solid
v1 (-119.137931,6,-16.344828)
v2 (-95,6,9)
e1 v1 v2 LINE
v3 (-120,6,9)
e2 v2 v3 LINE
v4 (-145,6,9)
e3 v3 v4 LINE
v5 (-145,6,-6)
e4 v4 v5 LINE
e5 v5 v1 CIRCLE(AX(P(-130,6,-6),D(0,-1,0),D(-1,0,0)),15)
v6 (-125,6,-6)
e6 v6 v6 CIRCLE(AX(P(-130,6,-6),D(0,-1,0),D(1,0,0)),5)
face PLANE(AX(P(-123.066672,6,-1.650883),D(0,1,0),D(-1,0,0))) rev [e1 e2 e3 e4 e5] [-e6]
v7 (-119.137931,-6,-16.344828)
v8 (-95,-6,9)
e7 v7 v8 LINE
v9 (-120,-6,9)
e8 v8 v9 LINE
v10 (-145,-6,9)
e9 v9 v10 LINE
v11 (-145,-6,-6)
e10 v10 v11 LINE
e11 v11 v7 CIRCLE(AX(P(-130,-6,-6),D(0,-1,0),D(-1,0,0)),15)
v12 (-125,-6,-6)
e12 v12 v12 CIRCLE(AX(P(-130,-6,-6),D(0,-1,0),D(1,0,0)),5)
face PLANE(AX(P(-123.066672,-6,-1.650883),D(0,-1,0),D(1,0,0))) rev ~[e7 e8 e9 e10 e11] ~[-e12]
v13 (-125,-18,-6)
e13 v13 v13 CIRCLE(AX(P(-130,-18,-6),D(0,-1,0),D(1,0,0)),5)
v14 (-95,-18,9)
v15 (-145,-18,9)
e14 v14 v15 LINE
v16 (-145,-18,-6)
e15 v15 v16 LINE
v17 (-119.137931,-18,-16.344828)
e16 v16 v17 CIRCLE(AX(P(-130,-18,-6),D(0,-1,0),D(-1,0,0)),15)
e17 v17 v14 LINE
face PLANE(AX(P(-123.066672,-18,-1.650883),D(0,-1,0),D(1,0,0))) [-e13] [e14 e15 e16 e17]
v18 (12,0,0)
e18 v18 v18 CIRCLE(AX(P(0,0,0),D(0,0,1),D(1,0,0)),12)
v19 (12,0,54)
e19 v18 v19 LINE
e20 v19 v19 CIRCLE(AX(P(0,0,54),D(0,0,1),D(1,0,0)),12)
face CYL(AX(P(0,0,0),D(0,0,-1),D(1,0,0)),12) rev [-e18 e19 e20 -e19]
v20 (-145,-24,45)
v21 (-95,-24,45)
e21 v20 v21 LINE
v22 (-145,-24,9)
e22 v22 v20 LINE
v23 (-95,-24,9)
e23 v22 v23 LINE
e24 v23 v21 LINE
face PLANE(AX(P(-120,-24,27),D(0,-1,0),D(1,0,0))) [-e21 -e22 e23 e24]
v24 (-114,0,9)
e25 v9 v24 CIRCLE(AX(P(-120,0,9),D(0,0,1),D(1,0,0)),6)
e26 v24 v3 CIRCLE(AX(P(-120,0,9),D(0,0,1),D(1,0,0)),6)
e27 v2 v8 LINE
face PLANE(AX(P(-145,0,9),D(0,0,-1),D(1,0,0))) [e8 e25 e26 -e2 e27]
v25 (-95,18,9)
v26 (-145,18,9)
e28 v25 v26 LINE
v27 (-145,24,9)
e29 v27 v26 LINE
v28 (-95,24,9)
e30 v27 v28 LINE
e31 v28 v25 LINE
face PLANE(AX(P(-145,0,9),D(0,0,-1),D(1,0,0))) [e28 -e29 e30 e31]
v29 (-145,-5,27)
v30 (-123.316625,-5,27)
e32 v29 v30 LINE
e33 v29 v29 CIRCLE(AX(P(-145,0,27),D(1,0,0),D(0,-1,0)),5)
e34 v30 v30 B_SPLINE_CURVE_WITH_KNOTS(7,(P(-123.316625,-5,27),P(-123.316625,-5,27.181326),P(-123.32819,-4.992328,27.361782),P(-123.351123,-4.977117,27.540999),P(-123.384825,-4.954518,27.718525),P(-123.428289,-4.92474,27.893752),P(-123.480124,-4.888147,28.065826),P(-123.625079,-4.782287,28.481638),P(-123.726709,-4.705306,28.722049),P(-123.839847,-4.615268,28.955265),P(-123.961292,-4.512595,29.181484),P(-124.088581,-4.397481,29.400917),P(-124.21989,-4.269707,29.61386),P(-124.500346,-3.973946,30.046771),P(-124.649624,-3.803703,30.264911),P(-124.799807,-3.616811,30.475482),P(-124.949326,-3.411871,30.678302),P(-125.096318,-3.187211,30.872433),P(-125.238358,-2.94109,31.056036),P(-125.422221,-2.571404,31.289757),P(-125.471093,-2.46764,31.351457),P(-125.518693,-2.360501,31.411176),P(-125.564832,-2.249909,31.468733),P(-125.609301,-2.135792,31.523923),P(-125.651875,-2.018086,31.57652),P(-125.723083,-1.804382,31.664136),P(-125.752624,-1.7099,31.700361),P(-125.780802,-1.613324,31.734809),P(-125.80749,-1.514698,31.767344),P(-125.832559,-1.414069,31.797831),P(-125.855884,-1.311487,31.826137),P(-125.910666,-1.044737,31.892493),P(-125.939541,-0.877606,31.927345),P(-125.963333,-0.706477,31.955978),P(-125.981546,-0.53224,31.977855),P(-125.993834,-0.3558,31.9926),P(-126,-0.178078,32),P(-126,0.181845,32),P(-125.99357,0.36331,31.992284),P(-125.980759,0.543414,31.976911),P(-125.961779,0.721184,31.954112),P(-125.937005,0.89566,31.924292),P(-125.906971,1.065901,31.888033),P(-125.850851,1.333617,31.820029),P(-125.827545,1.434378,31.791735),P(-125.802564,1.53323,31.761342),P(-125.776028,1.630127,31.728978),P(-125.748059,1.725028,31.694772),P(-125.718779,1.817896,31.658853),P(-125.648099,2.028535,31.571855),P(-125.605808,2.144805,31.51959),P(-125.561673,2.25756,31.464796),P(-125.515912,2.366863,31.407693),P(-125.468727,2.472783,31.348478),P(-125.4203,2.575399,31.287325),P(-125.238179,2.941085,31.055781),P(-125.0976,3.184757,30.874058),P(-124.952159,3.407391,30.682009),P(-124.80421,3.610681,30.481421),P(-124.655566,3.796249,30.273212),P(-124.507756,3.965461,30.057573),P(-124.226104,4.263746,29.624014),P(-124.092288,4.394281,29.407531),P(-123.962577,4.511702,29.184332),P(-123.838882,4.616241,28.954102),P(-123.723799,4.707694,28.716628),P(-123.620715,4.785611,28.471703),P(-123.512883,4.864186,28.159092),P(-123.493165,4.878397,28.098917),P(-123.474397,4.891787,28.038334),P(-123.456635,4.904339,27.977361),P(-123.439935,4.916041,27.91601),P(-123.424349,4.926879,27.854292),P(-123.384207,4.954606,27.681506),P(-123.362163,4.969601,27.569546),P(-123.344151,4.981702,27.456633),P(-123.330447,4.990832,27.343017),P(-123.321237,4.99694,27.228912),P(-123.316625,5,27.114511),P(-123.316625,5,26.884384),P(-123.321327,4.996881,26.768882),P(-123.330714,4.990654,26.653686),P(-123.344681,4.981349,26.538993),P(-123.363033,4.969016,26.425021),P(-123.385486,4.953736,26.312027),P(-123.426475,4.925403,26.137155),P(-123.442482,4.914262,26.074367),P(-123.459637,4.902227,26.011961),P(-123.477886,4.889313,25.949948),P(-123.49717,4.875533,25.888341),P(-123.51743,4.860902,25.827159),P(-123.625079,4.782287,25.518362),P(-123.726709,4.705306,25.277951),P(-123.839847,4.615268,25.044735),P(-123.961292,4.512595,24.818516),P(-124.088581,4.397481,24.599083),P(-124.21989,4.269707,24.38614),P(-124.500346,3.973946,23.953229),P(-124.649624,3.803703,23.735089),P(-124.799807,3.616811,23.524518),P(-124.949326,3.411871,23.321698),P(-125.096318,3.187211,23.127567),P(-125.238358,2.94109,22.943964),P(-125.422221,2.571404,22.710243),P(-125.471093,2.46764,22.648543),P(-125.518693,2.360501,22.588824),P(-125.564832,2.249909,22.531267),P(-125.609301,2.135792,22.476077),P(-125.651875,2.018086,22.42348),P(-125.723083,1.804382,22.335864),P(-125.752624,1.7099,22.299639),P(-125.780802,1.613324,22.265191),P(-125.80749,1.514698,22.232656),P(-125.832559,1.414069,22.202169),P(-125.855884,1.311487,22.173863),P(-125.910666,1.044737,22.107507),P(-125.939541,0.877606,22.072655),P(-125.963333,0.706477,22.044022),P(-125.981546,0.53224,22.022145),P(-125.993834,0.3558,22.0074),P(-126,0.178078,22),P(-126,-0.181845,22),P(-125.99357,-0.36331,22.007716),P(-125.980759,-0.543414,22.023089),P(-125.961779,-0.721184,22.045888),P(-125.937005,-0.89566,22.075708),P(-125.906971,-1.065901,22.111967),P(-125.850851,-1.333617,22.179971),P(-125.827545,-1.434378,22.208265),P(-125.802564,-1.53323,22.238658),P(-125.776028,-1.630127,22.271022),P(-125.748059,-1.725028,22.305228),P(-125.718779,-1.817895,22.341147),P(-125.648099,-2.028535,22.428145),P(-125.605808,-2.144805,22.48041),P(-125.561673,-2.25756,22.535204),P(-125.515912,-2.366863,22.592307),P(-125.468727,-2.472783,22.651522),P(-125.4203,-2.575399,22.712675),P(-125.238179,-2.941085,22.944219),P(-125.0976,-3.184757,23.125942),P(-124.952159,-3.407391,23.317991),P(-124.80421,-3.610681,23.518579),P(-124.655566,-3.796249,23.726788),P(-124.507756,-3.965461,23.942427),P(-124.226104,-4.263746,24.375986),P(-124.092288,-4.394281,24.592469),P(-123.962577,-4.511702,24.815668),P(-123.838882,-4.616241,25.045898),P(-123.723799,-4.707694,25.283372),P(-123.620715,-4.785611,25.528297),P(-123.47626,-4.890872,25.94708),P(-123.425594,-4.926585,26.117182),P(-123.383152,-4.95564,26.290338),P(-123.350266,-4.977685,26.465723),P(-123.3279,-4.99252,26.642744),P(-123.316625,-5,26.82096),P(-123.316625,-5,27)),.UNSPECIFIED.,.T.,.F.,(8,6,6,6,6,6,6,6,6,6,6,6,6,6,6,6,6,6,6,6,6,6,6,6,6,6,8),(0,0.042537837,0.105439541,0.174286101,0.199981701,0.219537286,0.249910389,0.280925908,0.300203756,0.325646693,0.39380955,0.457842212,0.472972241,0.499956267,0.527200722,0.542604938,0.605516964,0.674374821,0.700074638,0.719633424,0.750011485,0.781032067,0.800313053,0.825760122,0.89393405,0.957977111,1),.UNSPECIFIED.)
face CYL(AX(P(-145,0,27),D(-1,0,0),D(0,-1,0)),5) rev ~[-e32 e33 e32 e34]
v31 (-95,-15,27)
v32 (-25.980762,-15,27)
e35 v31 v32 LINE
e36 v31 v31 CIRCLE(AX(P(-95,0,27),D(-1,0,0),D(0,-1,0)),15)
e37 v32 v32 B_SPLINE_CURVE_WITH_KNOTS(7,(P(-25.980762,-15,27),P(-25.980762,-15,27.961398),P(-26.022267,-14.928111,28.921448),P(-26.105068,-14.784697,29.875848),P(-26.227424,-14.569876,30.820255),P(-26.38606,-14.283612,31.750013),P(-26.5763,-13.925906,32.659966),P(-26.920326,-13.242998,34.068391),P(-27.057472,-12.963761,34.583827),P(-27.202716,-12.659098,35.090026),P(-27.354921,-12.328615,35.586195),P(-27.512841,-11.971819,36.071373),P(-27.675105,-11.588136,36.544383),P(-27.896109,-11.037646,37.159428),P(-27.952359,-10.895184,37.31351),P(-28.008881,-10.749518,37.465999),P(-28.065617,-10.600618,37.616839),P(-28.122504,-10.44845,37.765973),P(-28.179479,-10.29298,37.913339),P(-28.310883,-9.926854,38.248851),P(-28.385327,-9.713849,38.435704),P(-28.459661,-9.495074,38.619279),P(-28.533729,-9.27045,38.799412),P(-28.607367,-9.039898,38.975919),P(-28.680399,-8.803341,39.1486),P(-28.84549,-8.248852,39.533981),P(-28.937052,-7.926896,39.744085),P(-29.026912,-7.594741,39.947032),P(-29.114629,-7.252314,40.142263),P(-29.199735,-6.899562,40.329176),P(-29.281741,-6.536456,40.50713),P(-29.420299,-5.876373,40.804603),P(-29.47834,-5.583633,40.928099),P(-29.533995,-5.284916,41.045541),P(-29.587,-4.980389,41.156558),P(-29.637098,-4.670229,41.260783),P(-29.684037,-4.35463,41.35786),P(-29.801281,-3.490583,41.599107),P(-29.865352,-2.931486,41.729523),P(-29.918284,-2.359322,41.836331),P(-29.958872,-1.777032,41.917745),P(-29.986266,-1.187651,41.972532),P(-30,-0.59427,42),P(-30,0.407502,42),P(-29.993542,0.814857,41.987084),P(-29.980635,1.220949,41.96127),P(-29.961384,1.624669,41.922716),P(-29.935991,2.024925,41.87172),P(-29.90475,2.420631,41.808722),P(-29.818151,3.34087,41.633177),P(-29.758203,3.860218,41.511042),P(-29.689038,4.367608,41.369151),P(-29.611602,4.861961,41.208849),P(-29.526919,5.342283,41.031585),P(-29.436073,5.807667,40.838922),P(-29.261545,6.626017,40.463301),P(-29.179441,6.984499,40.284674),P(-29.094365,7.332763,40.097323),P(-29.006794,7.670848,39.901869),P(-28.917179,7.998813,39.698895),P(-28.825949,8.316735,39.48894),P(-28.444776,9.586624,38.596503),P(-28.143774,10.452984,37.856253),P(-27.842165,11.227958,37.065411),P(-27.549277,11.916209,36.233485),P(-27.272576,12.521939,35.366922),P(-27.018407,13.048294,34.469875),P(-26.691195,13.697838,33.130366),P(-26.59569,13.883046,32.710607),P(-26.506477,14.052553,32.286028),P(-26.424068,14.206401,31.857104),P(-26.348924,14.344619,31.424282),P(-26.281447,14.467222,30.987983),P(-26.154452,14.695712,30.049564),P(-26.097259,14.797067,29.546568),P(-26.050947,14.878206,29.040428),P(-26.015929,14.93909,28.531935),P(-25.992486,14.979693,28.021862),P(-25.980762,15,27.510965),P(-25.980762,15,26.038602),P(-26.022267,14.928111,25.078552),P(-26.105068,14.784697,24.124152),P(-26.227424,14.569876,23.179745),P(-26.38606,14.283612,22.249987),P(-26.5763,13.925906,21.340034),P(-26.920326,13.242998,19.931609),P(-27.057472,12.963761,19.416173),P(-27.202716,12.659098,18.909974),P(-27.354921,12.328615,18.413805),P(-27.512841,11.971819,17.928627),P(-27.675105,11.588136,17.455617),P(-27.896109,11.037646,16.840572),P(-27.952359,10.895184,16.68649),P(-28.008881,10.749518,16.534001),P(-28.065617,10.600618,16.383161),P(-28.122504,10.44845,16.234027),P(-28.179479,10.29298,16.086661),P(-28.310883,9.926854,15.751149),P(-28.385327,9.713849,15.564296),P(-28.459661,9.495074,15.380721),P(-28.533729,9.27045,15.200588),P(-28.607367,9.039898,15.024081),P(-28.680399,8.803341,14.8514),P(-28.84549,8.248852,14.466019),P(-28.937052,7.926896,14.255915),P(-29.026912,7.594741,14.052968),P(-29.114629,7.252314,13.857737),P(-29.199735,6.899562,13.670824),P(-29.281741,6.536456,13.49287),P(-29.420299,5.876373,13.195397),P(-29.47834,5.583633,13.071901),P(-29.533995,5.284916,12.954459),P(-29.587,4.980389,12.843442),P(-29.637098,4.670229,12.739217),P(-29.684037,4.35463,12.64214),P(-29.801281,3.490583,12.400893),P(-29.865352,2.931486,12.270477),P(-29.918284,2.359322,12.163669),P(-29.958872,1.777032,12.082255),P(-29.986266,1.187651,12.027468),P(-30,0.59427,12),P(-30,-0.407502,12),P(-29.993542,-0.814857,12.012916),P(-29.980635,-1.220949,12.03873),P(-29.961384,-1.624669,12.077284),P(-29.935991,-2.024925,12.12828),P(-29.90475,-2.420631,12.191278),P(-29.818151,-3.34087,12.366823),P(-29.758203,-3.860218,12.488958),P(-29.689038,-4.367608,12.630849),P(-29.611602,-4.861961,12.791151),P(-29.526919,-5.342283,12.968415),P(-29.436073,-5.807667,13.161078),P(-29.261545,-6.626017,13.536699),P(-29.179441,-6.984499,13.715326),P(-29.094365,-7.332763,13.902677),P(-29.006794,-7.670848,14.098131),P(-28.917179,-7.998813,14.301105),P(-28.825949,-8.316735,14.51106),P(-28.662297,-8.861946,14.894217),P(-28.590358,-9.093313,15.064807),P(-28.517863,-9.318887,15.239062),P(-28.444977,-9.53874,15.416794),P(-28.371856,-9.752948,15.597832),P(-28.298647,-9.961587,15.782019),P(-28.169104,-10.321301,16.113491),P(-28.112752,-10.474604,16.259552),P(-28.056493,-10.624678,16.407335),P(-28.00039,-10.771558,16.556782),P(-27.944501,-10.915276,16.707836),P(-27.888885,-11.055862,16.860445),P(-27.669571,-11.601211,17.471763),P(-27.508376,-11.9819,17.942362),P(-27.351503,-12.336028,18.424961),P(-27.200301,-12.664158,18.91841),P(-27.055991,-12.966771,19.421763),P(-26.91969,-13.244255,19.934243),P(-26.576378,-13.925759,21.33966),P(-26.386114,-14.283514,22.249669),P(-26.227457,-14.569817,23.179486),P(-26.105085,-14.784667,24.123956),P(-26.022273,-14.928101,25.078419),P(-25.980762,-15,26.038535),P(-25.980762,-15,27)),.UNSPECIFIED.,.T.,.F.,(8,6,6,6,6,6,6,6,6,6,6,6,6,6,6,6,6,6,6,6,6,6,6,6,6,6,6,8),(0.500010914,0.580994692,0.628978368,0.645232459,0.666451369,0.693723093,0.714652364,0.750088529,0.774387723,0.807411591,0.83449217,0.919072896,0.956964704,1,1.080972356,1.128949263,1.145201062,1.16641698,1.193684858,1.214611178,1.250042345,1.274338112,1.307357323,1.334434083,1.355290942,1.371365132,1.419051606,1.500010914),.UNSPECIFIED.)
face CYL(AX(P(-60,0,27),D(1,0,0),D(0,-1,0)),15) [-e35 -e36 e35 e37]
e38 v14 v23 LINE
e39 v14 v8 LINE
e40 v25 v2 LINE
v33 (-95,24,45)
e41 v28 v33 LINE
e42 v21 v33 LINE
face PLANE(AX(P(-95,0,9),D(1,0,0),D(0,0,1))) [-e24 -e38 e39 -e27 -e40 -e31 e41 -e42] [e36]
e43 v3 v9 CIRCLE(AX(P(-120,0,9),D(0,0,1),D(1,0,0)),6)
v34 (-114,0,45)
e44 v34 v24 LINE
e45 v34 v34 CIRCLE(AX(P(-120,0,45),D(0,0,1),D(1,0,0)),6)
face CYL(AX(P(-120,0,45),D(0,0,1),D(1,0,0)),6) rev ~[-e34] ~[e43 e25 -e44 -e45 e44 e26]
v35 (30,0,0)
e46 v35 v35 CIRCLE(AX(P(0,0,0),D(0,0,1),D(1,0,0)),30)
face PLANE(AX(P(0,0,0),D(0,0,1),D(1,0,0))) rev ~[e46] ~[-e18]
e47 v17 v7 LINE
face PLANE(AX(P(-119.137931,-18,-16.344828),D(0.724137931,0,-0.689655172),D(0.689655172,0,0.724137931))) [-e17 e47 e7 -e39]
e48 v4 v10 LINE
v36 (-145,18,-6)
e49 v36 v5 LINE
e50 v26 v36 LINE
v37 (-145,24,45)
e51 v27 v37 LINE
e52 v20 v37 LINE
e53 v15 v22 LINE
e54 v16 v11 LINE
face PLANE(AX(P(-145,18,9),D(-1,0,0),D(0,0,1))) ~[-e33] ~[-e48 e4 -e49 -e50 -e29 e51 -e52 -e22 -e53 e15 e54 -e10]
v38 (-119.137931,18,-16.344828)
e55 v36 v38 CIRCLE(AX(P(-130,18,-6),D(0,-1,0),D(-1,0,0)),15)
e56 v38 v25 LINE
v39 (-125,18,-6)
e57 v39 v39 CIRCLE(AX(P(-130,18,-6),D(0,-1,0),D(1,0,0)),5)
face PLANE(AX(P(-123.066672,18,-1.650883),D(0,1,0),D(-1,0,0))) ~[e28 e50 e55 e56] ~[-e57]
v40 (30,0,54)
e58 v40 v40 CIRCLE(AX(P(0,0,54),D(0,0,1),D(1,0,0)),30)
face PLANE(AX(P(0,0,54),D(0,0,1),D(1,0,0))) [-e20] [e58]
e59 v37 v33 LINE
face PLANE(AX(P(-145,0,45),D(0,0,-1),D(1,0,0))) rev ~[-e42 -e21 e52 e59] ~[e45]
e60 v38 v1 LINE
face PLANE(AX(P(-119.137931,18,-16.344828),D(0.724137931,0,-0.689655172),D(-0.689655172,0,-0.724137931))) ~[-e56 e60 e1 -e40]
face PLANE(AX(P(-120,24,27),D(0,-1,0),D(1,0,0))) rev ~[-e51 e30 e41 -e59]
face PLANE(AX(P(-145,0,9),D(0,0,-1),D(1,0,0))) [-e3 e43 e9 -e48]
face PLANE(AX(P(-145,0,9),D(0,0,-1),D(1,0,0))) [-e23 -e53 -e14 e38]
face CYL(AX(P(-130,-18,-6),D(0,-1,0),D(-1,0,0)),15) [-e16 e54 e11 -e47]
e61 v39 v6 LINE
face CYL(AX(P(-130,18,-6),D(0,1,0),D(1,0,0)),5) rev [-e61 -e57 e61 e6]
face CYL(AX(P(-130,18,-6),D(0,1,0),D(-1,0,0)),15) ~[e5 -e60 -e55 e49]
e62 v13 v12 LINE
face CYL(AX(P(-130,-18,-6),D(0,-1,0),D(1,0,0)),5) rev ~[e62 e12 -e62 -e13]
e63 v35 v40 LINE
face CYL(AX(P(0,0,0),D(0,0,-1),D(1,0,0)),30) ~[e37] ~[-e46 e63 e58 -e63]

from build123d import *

# Parameters (mm, degrees)
F0_R      = 30
F0_R_2    = 12
F1_DEPTH  = 54
F2_W      = 50
F2_H      = 36
F3_DEPTH  = 24
F6_W      = 120
F6_H      = 15
F8_R      = 6
F9_DEPTH  = 36
F10_R     = 5
F11_DEPTH = 21.6843753096
F13_R     = 5
F14_DEPTH = 12
F16_R     = 12
F17_DEPTH = 75.001


with BuildPart() as f1:
    # F0 (on Top) → F1 (new body)
    with BuildSketch(Plane.XY):
        Circle(F0_R)
        Circle(F0_R_2, mode=Mode.SUBTRACT)
    extrude(amount=F1_DEPTH)



with BuildPart() as f3:
    # F2 (on Front) → F3 (new body, symmetric)
    with BuildSketch(Plane.XZ):
        with Locations((-120, 27)):
            Rectangle(F2_W, F2_H)
    extrude(amount=F3_DEPTH, both=True)


with BuildPart() as f1_1:
    add(f1.part)

    add(f3.part)  # F7 merges F3
    # F6 (on offset) → F7 (revolve)
    with BuildSketch(Plane.XY.offset(27)):
        with Locations((-60, -7.5)):
            Rectangle(F6_W, F6_H)
    revolve(axis=Axis((-60, 0, 27), (1, 0, 0)))

    # F8 (on face) → F9 (cut, through all)
    with BuildSketch(Plane.XY.offset(45)):
        with Locations((-120, 0)):
            Circle(F8_R)
    extrude(amount=-F9_DEPTH, mode=Mode.SUBTRACT)

    # F10 (on face) → F11 (cut, through all)
    with BuildSketch(Plane(origin=(-145, 0, 0), x_dir=(0, -1, 0), z_dir=(-1, 0, 0))):
        with Locations((0, 27)):
            Circle(F10_R)
    extrude(amount=-F11_DEPTH, mode=Mode.SUBTRACT)

    # F13 (on offset) → F14 (join)
    with BuildSketch(Plane.XZ.offset(18)):
        with BuildLine():
            Line((-119.1379310345, -16.3448275862), (-95, 9))
            Line((-95, 9), (-145, 9))
            Line((-145, 9), (-145, -6))
            ThreePointArc((-145, -6), (-135.5708601453, -19.9271503633), (-119.1379310345, -16.3448275862))
        make_face()
        with Locations((-130, -6)):
            Circle(F13_R, mode=Mode.SUBTRACT)
    extrude(amount=-F14_DEPTH)

    # F15: F1 across plane


with BuildPart() as f1_2:
    add(f1_1.part)
    add(f1_1.part.mirror(Plane.XZ))

    # F16 (on face) → F17 (cut, through all)
    with BuildSketch(Plane.XY.offset(54)):
        Circle(F16_R)
    extrude(amount=-F17_DEPTH, mode=Mode.SUBTRACT)


solid = f1_2.part
